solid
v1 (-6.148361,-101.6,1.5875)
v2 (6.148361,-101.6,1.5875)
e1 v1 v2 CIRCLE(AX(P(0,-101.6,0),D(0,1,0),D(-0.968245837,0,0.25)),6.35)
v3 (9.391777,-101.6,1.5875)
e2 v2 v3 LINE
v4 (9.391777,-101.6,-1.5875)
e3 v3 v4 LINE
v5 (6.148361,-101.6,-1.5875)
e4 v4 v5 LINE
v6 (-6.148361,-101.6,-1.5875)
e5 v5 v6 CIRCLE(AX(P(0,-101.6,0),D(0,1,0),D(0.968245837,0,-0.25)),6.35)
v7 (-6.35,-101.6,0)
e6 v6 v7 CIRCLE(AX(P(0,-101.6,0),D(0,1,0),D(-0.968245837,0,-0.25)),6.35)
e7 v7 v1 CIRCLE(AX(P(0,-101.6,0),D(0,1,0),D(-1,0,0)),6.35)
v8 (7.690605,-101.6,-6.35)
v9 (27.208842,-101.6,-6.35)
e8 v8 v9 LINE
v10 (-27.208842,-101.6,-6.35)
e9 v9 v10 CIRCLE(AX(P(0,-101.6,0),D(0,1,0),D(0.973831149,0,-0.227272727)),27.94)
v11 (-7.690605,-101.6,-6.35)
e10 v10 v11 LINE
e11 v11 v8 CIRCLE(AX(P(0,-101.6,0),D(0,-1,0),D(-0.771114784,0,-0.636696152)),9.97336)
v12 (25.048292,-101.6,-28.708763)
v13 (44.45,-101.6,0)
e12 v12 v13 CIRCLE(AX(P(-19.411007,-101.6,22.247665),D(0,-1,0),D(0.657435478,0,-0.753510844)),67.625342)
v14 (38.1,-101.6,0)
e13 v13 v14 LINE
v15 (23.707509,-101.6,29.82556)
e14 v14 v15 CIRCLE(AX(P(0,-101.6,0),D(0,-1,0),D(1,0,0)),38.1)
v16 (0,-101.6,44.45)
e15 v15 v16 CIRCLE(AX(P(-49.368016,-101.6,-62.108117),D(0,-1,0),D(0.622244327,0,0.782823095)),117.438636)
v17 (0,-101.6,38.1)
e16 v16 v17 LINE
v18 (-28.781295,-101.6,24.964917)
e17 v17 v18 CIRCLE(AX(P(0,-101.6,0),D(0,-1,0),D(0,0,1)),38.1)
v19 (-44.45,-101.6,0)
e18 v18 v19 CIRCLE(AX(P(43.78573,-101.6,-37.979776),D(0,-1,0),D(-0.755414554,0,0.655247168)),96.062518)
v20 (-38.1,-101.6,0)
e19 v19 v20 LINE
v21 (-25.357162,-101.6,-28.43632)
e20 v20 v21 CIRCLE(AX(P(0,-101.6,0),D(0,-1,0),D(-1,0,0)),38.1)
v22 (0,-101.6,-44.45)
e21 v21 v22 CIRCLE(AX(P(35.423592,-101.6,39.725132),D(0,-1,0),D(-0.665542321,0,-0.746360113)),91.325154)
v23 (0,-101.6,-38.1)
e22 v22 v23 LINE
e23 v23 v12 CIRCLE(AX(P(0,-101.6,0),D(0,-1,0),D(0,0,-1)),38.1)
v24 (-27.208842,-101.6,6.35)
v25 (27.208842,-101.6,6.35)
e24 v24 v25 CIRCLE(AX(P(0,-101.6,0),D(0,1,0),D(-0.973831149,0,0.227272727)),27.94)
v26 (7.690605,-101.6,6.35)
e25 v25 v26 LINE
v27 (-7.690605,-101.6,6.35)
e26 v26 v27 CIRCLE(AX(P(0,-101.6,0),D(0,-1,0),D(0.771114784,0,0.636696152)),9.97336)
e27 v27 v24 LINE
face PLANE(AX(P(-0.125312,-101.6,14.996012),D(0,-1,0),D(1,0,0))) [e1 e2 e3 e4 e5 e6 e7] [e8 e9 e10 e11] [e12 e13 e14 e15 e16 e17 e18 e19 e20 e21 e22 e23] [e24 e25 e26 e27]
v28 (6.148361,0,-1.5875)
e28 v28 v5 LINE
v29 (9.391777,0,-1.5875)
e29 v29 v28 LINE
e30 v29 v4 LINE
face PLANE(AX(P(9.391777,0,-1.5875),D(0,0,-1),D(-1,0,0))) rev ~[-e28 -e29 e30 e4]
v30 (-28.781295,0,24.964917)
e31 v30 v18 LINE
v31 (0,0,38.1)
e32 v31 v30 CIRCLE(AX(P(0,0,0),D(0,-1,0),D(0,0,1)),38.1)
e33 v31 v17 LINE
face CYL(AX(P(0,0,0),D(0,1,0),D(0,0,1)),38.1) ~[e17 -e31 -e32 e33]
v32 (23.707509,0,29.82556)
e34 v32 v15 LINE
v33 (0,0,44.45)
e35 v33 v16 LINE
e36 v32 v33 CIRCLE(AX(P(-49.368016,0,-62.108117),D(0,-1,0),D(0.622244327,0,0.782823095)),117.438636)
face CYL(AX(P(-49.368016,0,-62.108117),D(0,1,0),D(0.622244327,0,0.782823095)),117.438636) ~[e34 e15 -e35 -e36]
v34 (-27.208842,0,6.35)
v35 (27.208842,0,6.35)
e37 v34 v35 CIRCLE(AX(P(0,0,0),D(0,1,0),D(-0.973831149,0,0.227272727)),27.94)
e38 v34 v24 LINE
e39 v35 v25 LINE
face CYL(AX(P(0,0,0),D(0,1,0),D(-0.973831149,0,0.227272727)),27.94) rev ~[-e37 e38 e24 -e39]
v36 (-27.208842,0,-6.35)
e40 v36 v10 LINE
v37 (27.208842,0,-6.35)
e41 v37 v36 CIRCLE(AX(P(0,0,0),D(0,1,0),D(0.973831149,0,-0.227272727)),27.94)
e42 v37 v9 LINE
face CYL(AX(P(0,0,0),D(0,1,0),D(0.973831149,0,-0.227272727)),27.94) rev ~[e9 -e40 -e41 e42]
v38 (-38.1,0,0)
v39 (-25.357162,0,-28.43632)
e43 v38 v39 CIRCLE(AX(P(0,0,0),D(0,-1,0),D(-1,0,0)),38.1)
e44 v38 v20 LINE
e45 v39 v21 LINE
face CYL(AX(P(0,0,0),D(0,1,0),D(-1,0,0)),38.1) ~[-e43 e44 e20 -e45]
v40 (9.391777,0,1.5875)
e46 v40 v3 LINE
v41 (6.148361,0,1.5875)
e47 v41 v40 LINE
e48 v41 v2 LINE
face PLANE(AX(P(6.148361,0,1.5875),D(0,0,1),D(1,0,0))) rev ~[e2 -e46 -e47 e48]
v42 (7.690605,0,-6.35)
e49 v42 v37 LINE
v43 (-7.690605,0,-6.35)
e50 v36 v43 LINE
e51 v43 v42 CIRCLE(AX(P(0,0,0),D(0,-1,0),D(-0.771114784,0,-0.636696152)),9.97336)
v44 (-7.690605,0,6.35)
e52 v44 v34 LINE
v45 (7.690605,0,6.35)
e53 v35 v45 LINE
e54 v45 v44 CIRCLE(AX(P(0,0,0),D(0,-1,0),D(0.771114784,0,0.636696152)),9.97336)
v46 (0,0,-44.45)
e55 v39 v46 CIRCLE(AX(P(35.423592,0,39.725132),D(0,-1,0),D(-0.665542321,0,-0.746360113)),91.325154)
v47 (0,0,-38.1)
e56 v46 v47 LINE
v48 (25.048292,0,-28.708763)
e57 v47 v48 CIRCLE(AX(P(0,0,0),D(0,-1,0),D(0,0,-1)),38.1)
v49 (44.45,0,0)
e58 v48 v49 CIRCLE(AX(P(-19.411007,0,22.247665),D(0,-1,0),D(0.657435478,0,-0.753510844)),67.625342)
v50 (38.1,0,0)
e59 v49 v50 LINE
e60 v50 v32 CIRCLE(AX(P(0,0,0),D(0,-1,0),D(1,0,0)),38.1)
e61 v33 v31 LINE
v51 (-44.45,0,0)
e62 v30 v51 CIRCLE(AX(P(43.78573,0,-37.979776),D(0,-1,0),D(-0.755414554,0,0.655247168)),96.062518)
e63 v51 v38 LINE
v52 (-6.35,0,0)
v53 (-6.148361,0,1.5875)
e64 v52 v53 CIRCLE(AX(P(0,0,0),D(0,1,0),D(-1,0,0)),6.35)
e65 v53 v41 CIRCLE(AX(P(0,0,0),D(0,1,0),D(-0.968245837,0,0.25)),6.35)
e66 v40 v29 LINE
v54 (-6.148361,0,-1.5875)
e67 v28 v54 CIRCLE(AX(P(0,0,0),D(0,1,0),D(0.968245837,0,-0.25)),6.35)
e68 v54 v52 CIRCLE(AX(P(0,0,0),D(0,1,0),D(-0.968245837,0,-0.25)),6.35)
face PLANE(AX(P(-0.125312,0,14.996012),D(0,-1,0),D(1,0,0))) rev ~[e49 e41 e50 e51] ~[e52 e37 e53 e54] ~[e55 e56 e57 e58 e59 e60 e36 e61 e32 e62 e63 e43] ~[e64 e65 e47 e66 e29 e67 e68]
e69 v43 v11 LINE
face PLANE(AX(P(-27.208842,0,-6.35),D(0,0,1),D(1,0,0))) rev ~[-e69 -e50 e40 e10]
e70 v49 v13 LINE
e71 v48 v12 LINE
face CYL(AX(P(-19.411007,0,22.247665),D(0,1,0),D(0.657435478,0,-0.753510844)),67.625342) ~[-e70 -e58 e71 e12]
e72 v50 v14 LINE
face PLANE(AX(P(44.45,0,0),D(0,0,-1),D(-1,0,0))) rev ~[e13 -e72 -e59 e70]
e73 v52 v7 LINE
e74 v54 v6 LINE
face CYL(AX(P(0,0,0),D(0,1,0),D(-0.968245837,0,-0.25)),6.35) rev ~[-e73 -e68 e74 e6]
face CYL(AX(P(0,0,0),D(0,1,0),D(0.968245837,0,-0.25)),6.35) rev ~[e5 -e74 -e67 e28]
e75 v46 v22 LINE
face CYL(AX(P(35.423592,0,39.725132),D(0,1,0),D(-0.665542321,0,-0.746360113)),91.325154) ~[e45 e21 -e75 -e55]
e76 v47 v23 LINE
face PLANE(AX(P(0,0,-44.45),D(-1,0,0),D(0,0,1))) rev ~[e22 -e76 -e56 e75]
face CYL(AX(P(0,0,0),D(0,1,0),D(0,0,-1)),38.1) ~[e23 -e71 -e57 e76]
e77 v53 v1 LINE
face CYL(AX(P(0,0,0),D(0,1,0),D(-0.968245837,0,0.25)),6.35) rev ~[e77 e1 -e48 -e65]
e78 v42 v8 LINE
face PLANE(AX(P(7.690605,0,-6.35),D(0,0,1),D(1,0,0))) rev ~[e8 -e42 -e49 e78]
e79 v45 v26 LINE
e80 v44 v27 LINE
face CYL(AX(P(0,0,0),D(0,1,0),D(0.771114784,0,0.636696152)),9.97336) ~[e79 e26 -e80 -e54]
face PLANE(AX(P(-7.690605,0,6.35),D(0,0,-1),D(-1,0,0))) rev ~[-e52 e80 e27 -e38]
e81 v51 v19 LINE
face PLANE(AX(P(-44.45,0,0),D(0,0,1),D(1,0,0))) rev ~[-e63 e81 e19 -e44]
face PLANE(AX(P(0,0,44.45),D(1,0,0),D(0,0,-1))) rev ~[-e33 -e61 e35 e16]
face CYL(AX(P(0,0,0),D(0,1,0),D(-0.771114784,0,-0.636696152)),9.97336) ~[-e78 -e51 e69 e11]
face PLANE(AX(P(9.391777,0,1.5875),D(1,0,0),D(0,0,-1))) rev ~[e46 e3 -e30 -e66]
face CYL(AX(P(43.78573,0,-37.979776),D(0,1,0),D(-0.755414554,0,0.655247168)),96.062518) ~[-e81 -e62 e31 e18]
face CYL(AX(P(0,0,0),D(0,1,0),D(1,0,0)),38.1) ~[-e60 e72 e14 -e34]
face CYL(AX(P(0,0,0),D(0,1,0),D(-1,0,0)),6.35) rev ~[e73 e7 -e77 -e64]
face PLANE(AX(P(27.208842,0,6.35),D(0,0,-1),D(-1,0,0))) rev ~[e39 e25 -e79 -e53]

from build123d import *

# Parameters (mm, degrees)
F1_DEPTH = 101.6


with BuildPart() as f1:
    # F0 (on Front) → F1 (new body)
    with BuildSketch(Plane.XZ):
        with BuildLine():
            Line((9.9733600981, 0), (38.1, 0))
            ThreePointArc((38.1, 0), (34.3137442359, 16.5582896616), (23.7075088443, 29.8255599176))
            ThreePointArc((23.7075088443, 29.8255599176), (12.5550023325, 35.9719601416), (0, 38.1))
            ThreePointArc((0, 38.1), (-15.8184490109, 34.6610252429), (-28.7812945128, 24.9649171071))
            ThreePointArc((-28.7812945128, 24.9649171071), (-35.6943785556, 13.3237134287), (-38.1, 0))
            Line((-38.1, 0), (-9.9733600981, 0))
            ThreePointArc((-9.9733600981, 0), (-9.38533667, 3.3739246044), (-7.6906054148, 6.35))
            Line((-7.6906054148, 6.35), (-27.2088423127, 6.35))
            ThreePointArc((-27.2088423127, 6.35), (0, 27.94), (27.2088423127, 6.35))
            Line((27.2088423127, 6.35), (7.6906054148, 6.35))
            ThreePointArc((7.6906054148, 6.35), (9.38533667, 3.3739246044), (9.9733600981, 0))
        make_face()
        with BuildLine():
            Line((44.45, 0), (38.1, 0))
            ThreePointArc((38.1, 0), (34.6839293822, -15.7681654802), (25.0482917265, -28.7087631497))
            ThreePointArc((25.0482917265, -28.7087631497), (36.6190780289, -15.6181029752), (44.45, 0))
        make_face()
        with BuildLine():
            ThreePointArc((25.0482917265, -28.7087631497), (34.6839293822, -15.7681654802), (38.1, 0))
            Line((38.1, 0), (9.9733600981, 0))
            ThreePointArc((9.9733600981, 0), (9.38533667, -3.3739246044), (7.6906054148, -6.35))
            Line((7.6906054148, -6.35), (27.2088423127, -6.35))
            ThreePointArc((27.2088423127, -6.35), (0, -27.94), (-27.2088423127, -6.35))
            Line((-27.2088423127, -6.35), (-7.6906054148, -6.35))
            ThreePointArc((-7.6906054148, -6.35), (-9.38533667, -3.3739246044), (-9.9733600981, 0))
            Line((-9.9733600981, 0), (-38.1, 0))
            ThreePointArc((-38.1, 0), (-34.7686488709, -15.5804703297), (-25.3571624308, -28.4363203221))
            ThreePointArc((-25.3571624308, -28.4363203221), (-13.5680911651, -35.6022036135), (0, -38.1))
            ThreePointArc((0, -38.1), (13.3754649265, -35.6750184023), (25.0482917265, -28.7087631497))
        make_face()
        with BuildLine():
            ThreePointArc((0, 38.1), (12.5550023325, 35.9719601416), (23.7075088443, 29.8255599176))
            ThreePointArc((23.7075088443, 29.8255599176), (12.2888873877, 37.8431689221), (0, 44.45))
            Line((0, 44.45), (0, 38.1))
        make_face()
        with BuildLine():
            Line((0, -44.45), (0, -38.1))
            ThreePointArc((0, -38.1), (-13.5680911651, -35.6022036135), (-25.3571624308, -28.4363203221))
            ThreePointArc((-25.3571624308, -28.4363203221), (-13.3404167742, -37.491156131), (0, -44.45))
        make_face()
        with BuildLine():
            ThreePointArc((-38.1, 0), (-35.6943785556, 13.3237134287), (-28.7812945128, 24.9649171071))
            ThreePointArc((-28.7812945128, 24.9649171071), (-37.5788399133, 13.0869861794), (-44.45, 0))
            Line((-44.45, 0), (-38.1, 0))
        make_face()
        with BuildLine():
            ThreePointArc((7.6906054148, -6.35), (9.38533667, -3.3739246044), (9.9733600981, 0))
            Line((9.9733600981, 0), (9.3917766557, 0))
            Line((9.3917766557, 0), (9.3917766557, -1.5875))
            Line((9.3917766557, -1.5875), (6.1483610621, -1.5875))
            ThreePointArc((6.1483610621, -1.5875), (0, -6.35), (-6.1483610621, -1.5875))
            Line((-6.1483610621, -1.5875), (-9.3917766557, -1.5875))
            Line((-9.3917766557, -1.5875), (-9.3917766557, 0))
            Line((-9.3917766557, 0), (-9.9733600981, 0))
            ThreePointArc((-9.9733600981, 0), (-9.38533667, -3.3739246044), (-7.6906054148, -6.35))
            ThreePointArc((-7.6906054148, -6.35), (0, -9.9733600981), (7.6906054148, -6.35))
        make_face()
        with BuildLine():
            Line((9.3917766557, 0), (9.9733600981, 0))
            ThreePointArc((9.9733600981, 0), (9.38533667, 3.3739246044), (7.6906054148, 6.35))
            ThreePointArc((7.6906054148, 6.35), (0, 9.9733600981), (-7.6906054148, 6.35))
            ThreePointArc((-7.6906054148, 6.35), (-9.38533667, 3.3739246044), (-9.9733600981, 0))
            Line((-9.9733600981, 0), (-9.3917766557, 0))
            Line((-9.3917766557, 0), (-9.3917766557, 1.5875))
            Line((-9.3917766557, 1.5875), (-6.1483610621, 1.5875))
            ThreePointArc((-6.1483610621, 1.5875), (0, 6.35), (6.1483610621, 1.5875))
            Line((6.1483610621, 1.5875), (9.3917766557, 1.5875))
            Line((9.3917766557, 1.5875), (9.3917766557, 0))
        make_face()
        with BuildLine():
            Line((-9.3917766557, 0), (-6.35, 0))
            ThreePointArc((-6.35, 0), (-6.2993885713, 0.8001272573), (-6.1483610621, 1.5875))
            Line((-6.1483610621, 1.5875), (-9.3917766557, 1.5875))
            Line((-9.3917766557, 1.5875), (-9.3917766557, 0))
        make_face()
        with BuildLine():
            ThreePointArc((-6.1483610621, -1.5875), (-6.2993885713, -0.8001272573), (-6.35, 0))
            Line((-6.35, 0), (-9.3917766557, 0))
            Line((-9.3917766557, 0), (-9.3917766557, -1.5875))
            Line((-9.3917766557, -1.5875), (-6.1483610621, -1.5875))
        make_face()
    extrude(amount=F1_DEPTH)


solid = f1.part
